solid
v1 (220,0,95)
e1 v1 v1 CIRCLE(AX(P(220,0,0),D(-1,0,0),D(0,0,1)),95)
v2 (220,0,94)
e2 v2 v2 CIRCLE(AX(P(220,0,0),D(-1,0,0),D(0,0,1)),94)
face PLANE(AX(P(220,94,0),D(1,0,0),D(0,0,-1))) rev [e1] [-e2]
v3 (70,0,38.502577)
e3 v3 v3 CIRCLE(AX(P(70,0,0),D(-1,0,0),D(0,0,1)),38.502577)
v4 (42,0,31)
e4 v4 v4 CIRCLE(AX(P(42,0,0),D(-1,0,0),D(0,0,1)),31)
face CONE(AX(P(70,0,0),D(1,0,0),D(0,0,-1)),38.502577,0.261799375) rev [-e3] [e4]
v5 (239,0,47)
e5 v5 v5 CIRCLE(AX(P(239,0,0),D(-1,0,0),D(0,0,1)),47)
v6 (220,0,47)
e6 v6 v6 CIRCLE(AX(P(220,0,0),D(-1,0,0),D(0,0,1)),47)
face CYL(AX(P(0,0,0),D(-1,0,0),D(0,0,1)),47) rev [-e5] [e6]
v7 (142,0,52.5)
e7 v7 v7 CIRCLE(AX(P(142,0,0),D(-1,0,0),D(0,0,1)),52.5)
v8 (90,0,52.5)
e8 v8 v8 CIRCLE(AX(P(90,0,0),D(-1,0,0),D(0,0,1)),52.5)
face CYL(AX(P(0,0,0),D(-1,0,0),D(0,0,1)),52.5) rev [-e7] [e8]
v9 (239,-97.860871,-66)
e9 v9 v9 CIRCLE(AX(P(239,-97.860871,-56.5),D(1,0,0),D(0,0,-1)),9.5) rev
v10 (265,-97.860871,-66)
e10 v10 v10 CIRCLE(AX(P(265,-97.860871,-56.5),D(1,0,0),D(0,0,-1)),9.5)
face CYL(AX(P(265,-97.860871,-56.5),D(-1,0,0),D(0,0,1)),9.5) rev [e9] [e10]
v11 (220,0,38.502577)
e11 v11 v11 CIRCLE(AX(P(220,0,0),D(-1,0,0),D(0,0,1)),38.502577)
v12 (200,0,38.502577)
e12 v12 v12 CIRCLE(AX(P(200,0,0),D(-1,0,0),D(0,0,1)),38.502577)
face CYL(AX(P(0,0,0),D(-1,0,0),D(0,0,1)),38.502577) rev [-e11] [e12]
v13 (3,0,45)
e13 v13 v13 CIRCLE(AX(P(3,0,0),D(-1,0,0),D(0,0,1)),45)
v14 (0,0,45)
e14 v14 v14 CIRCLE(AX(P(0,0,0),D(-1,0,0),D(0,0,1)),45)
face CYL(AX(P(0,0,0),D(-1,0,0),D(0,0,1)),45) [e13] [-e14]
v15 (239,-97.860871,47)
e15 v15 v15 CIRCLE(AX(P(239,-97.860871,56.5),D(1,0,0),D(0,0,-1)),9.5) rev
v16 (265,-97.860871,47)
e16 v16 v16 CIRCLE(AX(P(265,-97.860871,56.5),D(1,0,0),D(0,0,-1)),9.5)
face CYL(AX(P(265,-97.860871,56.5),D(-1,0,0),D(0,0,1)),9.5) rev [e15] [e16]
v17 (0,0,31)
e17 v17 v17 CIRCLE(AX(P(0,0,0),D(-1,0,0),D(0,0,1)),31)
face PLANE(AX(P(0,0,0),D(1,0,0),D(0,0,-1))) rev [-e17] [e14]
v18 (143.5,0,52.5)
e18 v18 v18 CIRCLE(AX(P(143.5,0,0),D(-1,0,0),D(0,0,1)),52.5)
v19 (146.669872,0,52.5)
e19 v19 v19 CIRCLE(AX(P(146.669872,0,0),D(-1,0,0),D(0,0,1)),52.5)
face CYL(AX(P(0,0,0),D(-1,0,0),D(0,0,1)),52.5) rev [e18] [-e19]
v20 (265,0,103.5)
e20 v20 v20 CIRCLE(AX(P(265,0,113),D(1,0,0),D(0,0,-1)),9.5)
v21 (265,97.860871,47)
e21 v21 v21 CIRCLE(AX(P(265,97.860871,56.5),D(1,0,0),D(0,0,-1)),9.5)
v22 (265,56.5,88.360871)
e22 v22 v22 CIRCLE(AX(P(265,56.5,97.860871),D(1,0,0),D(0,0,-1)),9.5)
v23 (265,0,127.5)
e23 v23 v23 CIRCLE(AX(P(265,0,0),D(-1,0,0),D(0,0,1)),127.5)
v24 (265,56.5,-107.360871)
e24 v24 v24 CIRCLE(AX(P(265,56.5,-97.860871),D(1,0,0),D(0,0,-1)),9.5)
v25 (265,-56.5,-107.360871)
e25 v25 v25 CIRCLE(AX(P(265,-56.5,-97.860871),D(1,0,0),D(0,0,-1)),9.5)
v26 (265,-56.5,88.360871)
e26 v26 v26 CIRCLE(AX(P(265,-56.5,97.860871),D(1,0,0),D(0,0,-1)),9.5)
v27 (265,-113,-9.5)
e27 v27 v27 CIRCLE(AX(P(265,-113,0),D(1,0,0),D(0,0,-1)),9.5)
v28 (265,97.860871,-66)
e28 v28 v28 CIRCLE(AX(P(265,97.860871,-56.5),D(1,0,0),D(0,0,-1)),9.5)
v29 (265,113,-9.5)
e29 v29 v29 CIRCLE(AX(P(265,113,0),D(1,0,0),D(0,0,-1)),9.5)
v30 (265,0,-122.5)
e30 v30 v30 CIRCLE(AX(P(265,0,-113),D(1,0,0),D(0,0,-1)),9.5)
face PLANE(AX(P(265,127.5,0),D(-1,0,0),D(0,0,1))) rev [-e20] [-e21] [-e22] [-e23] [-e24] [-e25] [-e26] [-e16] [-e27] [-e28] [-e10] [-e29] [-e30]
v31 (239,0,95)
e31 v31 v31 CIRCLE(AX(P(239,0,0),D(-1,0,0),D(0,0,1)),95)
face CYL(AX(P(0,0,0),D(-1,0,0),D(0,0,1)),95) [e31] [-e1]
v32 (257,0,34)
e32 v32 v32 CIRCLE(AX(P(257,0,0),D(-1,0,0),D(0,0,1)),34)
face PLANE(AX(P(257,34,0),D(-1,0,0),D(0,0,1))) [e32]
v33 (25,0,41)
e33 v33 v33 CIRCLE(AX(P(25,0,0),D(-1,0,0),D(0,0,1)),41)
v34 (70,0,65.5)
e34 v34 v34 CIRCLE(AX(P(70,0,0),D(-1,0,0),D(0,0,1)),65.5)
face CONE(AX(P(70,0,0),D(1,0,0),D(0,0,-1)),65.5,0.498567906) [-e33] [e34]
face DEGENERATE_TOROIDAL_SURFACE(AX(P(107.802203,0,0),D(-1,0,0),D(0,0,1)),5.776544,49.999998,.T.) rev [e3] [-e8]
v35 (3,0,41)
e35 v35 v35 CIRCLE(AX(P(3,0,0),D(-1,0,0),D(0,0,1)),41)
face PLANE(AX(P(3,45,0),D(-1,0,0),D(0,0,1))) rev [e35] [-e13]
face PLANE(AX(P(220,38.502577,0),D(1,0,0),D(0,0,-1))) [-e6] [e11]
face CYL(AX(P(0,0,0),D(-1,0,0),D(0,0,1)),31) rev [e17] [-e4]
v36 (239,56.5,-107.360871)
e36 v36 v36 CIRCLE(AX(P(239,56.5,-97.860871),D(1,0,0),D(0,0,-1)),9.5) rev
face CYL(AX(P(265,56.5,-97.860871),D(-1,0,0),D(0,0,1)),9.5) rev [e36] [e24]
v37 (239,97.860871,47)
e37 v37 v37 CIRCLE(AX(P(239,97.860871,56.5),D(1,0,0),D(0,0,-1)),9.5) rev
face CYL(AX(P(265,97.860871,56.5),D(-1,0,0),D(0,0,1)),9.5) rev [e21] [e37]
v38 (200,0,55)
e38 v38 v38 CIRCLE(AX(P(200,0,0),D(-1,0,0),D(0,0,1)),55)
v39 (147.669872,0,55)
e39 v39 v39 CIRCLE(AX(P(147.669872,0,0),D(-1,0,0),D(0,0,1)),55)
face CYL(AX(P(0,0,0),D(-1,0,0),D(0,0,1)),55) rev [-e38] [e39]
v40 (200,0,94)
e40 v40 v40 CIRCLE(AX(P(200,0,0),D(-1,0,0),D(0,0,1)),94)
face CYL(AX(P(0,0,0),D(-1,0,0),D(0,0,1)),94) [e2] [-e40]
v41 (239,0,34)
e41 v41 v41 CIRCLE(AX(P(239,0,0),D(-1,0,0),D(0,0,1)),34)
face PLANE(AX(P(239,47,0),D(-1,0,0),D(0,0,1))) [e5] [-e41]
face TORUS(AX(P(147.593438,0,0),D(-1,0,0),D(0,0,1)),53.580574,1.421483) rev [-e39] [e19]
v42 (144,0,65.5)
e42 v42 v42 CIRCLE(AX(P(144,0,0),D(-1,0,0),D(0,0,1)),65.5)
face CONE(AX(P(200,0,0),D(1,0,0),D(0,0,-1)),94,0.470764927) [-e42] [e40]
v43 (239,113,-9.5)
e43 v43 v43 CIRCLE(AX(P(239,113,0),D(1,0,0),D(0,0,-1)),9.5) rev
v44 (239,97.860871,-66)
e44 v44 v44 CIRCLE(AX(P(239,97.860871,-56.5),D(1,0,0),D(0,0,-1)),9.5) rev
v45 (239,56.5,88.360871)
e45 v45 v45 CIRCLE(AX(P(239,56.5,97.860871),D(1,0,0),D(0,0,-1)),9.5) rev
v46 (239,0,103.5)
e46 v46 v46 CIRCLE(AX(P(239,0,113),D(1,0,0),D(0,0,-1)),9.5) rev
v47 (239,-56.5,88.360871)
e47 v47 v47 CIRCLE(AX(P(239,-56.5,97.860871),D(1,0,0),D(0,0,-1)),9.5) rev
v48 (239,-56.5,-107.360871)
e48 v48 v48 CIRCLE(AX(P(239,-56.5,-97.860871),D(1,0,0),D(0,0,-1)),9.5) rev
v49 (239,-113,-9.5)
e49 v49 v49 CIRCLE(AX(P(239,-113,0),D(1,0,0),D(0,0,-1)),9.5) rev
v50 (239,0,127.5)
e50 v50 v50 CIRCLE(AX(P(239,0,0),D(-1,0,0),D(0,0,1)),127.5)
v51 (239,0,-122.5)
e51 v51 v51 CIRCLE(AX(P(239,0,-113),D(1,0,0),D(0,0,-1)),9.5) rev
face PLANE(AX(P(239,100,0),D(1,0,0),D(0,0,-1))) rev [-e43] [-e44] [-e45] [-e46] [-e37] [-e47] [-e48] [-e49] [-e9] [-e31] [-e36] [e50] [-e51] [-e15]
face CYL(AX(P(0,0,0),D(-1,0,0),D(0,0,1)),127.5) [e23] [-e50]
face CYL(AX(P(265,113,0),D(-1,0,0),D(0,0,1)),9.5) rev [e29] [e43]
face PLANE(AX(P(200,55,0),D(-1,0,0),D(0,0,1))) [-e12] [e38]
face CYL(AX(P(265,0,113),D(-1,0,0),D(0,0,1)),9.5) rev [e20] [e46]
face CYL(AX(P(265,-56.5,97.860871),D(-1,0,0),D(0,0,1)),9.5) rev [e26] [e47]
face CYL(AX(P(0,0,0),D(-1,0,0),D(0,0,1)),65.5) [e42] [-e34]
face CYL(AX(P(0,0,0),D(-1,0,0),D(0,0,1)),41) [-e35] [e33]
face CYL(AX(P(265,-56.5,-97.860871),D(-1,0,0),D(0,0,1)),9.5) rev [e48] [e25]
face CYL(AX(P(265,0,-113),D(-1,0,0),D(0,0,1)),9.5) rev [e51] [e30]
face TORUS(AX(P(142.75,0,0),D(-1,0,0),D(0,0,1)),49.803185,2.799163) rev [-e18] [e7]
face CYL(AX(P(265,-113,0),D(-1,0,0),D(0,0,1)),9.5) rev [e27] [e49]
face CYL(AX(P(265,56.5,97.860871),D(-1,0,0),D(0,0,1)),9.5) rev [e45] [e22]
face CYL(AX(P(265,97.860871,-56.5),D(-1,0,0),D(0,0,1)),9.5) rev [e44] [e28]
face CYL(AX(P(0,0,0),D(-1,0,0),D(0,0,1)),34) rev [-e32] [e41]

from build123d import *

# Parameters (mm, degrees)
SKETCH_3_R           = 9.5
CUT_EXTRUDE_1_DEPTH  = 321.526909947
SKETCH_4_R           = 9.5
CUT_EXTRUDE_2_DEPTH  = 321.526909947
SKETCH_5_R           = 9.5
CUT_EXTRUDE_3_DEPTH  = 321.526909947
SKETCH_6_R           = 9.5
CUT_EXTRUDE_4_DEPTH  = 321.526909947
SKETCH_7_R           = 9.5
CUT_EXTRUDE_5_DEPTH  = 321.526909947
SKETCH_8_R           = 9.5
CUT_EXTRUDE_6_DEPTH  = 321.526909947
SKETCH_9_R           = 9.5
CUT_EXTRUDE_7_DEPTH  = 321.526909947
SKETCH_10_R          = 9.5
CUT_EXTRUDE_8_DEPTH  = 321.526909947
SKETCH_11_R          = 9.5
CUT_EXTRUDE_9_DEPTH  = 321.526909947
SKETCH_12_R          = 9.5
CUT_EXTRUDE_10_DEPTH = 321.526909947
SKETCH_13_R          = 9.5
CUT_EXTRUDE_11_DEPTH = 321.526909947
SKETCH_14_R          = 9.5
CUT_EXTRUDE_12_DEPTH = 321.526909947


with BuildPart() as part:
    # Эскиз1 → Повернуть1 (revolve)
    with BuildSketch(Plane.XY, mode=Mode.PRIVATE) as revolve_1_sk:
        Polygon((0, 0), (265, 0), (265, 127.5), (239, 127.5), (239, 100), (239, 95), (220, 95), (220, 94), (200, 94), (144, 65.5), (70, 65.5), (25, 41), (3, 41), (3, 45), (0, 45), align=None)
    revolve(revolve_1_sk.sketch.rotate(Axis((0, 0, 0), (1, 0, 0)), 90), axis=Axis((0, 0, 0), (1, 0, 0)))

    # Эскиз2 → Вырез-Повернуть1 (revolve, cut)
    with BuildSketch(Plane.XY, mode=Mode.PRIVATE) as cut_revolve_1_sk:
        with BuildLine():
            Line((0, 0), (257, 0))
            Line((257, 0), (257, 34))
            Line((257, 34), (239, 34))
            Line((239, 34), (239, 47))
            Line((239, 47), (220, 47))
            Line((220, 47), (220, 38.502577))
            Line((220, 38.502577), (200, 38.502577))
            Line((200, 38.502577), (200, 55))
            Line((200, 55), (147.669872, 55))
            ThreePointArc((147.669872, 55), (146.273624348, 54.108499061), (146.669872, 52.5))
            Line((146.669872, 52.5), (143.5, 52.5))
            ThreePointArc((143.5, 52.5), (142.75, 52.602347572), (142, 52.5))
            Line((142, 52.5), (90, 52.5))
            ThreePointArc((90, 52.5), (79.13262933, 46.740617582), (70, 38.502577))
            Line((70, 38.502577), (42, 31))
            Line((42, 31), (0, 31))
            Line((0, 31), (0, 0))
        make_face()
    revolve(cut_revolve_1_sk.sketch.rotate(Axis((0, 0, 0), (1, 0, 0)), 90), axis=Axis((0, 0, 0), (1, 0, 0)), mode=Mode.SUBTRACT)

    # Эскиз3 → Вырез-Вытянуть1 (cut, through all)
    with BuildSketch(Plane(origin=(0, 0, 0), x_dir=(0, 0, -1), z_dir=(1, 0, 0))):
        with Locations((0, 113)):
            Circle(SKETCH_3_R)
    extrude(amount=CUT_EXTRUDE_1_DEPTH, mode=Mode.SUBTRACT)

    # Эскиз4 → Вырез-Вытянуть2 (cut, through all)
    with BuildSketch(Plane(origin=(0, 0, 0), x_dir=(0, 0, -1), z_dir=(1, 0, 0))):
        with Locations((-56.5, 97.860870628)):
            Circle(SKETCH_4_R)
    extrude(amount=CUT_EXTRUDE_2_DEPTH, mode=Mode.SUBTRACT)

    # Эскиз5 → Вырез-Вытянуть3 (cut, through all)
    with BuildSketch(Plane(origin=(0, 0, 0), x_dir=(0, 0, -1), z_dir=(1, 0, 0))):
        with Locations((-97.860870628, 56.5)):
            Circle(SKETCH_5_R)
    extrude(amount=CUT_EXTRUDE_3_DEPTH, mode=Mode.SUBTRACT)

    # Эскиз6 → Вырез-Вытянуть4 (cut, through all)
    with BuildSketch(Plane(origin=(0, 0, 0), x_dir=(0, 0, -1), z_dir=(1, 0, 0))):
        with Locations((-113, 0)):
            Circle(SKETCH_6_R)
    extrude(amount=CUT_EXTRUDE_4_DEPTH, mode=Mode.SUBTRACT)

    # Эскиз7 → Вырез-Вытянуть5 (cut, through all)
    with BuildSketch(Plane(origin=(0, 0, 0), x_dir=(0, 0, -1), z_dir=(1, 0, 0))):
        with Locations((-97.860870628, -56.5)):
            Circle(SKETCH_7_R)
    extrude(amount=CUT_EXTRUDE_5_DEPTH, mode=Mode.SUBTRACT)

    # Эскиз8 → Вырез-Вытянуть6 (cut, through all)
    with BuildSketch(Plane(origin=(0, 0, 0), x_dir=(0, 0, -1), z_dir=(1, 0, 0))):
        with Locations((-56.5, -97.860870628)):
            Circle(SKETCH_8_R)
    extrude(amount=CUT_EXTRUDE_6_DEPTH, mode=Mode.SUBTRACT)

    # Эскиз9 → Вырез-Вытянуть7 (cut, through all)
    with BuildSketch(Plane(origin=(0, 0, 0), x_dir=(0, 0, -1), z_dir=(1, 0, 0))):
        with Locations((0, -113)):
            Circle(SKETCH_9_R)
    extrude(amount=CUT_EXTRUDE_7_DEPTH, mode=Mode.SUBTRACT)

    # Эскиз10 → Вырез-Вытянуть8 (cut, through all)
    with BuildSketch(Plane(origin=(0, 0, 0), x_dir=(0, 0, -1), z_dir=(1, 0, 0))):
        with Locations((56.5, -97.860870628)):
            Circle(SKETCH_10_R)
    extrude(amount=CUT_EXTRUDE_8_DEPTH, mode=Mode.SUBTRACT)

    # Эскиз11 → Вырез-Вытянуть9 (cut, through all)
    with BuildSketch(Plane(origin=(0, 0, 0), x_dir=(0, 0, -1), z_dir=(1, 0, 0))):
        with Locations((97.860870628, -56.5)):
            Circle(SKETCH_11_R)
    extrude(amount=CUT_EXTRUDE_9_DEPTH, mode=Mode.SUBTRACT)

    # Эскиз12 → Вырез-Вытянуть10 (cut, through all)
    with BuildSketch(Plane(origin=(0, 0, 0), x_dir=(0, 0, -1), z_dir=(1, 0, 0))):
        with Locations((113, 0)):
            Circle(SKETCH_12_R)
    extrude(amount=CUT_EXTRUDE_10_DEPTH, mode=Mode.SUBTRACT)

    # Эскиз13 → Вырез-Вытянуть11 (cut, through all)
    with BuildSketch(Plane(origin=(0, 0, 0), x_dir=(0, 0, -1), z_dir=(1, 0, 0))):
        with Locations((97.860870628, 56.5)):
            Circle(SKETCH_13_R)
    extrude(amount=CUT_EXTRUDE_11_DEPTH, mode=Mode.SUBTRACT)

    # Эскиз14 → Вырез-Вытянуть12 (cut, through all)
    with BuildSketch(Plane(origin=(0, 0, 0), x_dir=(0, 0, -1), z_dir=(1, 0, 0))):
        with Locations((56.5, 97.860870628)):
            Circle(SKETCH_14_R)
    extrude(amount=CUT_EXTRUDE_12_DEPTH, mode=Mode.SUBTRACT)


solid = part.part
